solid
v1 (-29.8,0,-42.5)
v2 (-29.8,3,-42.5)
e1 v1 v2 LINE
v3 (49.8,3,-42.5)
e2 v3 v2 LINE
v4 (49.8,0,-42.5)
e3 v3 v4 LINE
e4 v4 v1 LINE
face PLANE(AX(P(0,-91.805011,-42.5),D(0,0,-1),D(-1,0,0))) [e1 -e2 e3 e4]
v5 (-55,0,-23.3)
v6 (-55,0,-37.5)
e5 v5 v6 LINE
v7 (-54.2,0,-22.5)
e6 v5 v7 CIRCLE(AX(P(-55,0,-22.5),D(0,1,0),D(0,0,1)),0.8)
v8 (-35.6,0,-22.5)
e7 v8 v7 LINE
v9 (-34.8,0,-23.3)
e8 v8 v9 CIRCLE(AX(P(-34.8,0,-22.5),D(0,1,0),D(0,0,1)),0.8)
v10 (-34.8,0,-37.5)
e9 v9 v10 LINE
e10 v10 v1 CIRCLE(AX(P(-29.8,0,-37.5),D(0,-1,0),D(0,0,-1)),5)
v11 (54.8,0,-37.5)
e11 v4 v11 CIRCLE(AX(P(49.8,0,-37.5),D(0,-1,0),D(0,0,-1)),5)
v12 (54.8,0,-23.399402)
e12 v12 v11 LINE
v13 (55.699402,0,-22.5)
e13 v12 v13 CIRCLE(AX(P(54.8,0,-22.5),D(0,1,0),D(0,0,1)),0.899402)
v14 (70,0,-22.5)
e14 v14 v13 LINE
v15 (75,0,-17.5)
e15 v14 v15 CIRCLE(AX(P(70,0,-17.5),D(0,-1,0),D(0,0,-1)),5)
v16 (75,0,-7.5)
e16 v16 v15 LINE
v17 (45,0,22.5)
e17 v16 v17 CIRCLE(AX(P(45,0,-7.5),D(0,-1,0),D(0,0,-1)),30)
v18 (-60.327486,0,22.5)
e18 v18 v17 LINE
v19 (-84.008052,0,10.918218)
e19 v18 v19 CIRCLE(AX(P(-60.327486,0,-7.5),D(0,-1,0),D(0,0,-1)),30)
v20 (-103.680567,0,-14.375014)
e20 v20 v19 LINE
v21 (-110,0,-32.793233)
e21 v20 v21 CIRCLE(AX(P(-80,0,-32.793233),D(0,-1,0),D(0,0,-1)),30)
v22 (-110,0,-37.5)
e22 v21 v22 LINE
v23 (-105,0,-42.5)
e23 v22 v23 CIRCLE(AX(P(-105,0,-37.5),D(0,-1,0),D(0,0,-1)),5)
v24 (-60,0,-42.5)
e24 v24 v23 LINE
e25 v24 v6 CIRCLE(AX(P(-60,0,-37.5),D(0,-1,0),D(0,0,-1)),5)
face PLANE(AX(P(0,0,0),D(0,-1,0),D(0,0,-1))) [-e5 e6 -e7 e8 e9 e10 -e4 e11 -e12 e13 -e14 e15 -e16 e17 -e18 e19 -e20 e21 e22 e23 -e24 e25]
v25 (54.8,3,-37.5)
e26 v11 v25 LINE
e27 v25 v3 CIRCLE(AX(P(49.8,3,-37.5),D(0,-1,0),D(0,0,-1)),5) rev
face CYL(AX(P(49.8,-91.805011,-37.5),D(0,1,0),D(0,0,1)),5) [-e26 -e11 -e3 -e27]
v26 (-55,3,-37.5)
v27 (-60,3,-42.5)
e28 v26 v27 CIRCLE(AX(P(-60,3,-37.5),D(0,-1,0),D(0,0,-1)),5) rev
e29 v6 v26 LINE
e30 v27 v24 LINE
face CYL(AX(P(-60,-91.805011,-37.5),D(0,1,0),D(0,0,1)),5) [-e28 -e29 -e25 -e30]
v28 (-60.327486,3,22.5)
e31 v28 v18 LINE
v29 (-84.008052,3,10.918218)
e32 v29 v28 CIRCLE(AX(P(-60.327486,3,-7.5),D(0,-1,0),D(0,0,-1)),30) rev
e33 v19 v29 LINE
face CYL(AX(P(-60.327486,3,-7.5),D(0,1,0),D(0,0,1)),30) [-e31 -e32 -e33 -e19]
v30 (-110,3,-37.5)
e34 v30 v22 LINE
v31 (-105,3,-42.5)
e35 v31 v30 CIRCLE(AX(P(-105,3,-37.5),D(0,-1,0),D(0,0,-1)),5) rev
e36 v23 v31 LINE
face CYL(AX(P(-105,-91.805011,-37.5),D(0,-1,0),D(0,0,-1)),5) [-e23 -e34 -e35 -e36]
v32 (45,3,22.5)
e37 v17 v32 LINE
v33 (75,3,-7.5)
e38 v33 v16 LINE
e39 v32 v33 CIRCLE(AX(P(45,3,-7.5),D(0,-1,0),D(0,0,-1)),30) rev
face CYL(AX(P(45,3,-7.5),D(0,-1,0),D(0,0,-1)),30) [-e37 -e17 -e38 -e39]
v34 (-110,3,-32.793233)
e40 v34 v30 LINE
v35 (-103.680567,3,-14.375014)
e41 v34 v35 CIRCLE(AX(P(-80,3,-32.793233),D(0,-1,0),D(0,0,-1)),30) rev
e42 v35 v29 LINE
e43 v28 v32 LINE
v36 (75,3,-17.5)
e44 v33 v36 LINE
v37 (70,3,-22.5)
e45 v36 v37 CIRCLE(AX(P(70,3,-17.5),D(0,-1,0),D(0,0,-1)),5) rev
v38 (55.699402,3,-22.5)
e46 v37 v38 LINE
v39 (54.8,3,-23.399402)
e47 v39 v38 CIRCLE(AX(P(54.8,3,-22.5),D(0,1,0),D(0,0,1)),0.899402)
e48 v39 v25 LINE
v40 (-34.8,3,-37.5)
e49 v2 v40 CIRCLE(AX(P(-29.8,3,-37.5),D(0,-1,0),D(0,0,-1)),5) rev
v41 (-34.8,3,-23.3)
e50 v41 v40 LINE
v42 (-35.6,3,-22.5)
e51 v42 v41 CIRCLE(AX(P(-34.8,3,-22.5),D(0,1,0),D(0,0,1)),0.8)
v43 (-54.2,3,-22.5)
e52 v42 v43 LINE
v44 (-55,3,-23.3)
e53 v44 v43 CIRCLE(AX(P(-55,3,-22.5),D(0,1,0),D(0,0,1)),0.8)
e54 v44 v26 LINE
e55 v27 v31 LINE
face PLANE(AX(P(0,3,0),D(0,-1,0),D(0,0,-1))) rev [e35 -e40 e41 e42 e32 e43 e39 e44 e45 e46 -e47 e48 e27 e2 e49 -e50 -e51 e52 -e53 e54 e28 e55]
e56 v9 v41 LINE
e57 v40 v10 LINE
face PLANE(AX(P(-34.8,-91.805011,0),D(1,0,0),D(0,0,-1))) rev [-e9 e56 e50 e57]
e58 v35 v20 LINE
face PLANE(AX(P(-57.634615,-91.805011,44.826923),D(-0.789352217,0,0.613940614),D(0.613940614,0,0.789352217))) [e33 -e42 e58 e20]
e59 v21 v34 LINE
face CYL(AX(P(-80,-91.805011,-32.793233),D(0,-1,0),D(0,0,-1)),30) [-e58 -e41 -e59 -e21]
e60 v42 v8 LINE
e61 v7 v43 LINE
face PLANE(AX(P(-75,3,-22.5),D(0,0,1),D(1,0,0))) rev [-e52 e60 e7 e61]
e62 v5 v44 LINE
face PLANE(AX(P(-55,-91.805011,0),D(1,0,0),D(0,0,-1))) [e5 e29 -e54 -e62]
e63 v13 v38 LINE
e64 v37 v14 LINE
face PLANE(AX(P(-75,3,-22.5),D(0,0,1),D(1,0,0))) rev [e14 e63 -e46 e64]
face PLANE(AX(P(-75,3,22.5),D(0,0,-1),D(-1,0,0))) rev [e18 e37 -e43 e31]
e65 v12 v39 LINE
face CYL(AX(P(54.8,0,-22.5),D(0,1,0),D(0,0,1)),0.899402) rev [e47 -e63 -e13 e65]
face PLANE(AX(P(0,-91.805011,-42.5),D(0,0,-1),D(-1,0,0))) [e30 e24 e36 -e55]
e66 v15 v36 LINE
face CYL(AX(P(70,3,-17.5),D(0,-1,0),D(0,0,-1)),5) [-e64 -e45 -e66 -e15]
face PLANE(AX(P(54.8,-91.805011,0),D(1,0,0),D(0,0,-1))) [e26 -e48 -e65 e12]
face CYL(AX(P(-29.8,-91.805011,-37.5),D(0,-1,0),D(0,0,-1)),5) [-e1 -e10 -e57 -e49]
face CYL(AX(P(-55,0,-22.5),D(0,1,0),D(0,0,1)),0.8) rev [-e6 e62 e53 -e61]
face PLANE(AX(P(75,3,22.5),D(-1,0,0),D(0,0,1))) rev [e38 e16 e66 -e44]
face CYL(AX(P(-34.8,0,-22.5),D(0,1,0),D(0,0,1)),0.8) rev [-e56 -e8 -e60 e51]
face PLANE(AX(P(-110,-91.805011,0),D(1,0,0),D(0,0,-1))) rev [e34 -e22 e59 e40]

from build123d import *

# Parameters (mm, degrees)
SKETCH1_W           = 150
SKETCH1_H           = 45
BOSS_EXTRUDE1_DEPTH = 3
FILLET1_R           = 30
SKETCH2_W           = 89.6
SKETCH2_H           = 20
BOSS_EXTRUDE2_DEPTH = 3
FILLET2_R           = 30
SKETCH3_R           = 0.8
SKETCH3_R_2         = 0.899402105
CUT_EXTRUDE1_DEPTH  = 118.962917902
FILLET3_R           = 5


with BuildPart() as part:
    # Sketch1 → Boss-Extrude1 (new body)
    with BuildSketch(Plane(origin=(0, 0, 0), x_dir=(1, 0, 0), z_dir=(0, 1, 0))):
        Rectangle(SKETCH1_W, SKETCH1_H)
    extrude(amount=BOSS_EXTRUDE1_DEPTH)

    # Fillet1
    fillet1_edges = [part.edges().sort_by_distance(p)[0] for p in [
        (75, 1.5, 22.5),
    ]]
    fillet(fillet1_edges, radius=FILLET1_R)

    # Sketch2 → Boss-Extrude2 (add)
    with BuildSketch(Plane(origin=(0, 3, 0), x_dir=(1, 0, 0), z_dir=(0, 1, 0))):
        Polygon((-75, 22.5), (-55, 22.5), (-55, 42.5), (-110, 42.5), (-110, 22.5), align=None)
        Polygon((-75, -22.5), (-75, 22.5), (-110, 22.5), align=None)
        with Locations((10, 32.5)):
            Rectangle(SKETCH2_W, SKETCH2_H)
    extrude(amount=-BOSS_EXTRUDE2_DEPTH)

    # Fillet2
    fillet2_edges = [part.edges().sort_by_distance(p)[0] for p in [
        (-110, 1.5, -22.5),
        (-75, 1.5, 22.5),
    ]]
    fillet(fillet2_edges, radius=FILLET2_R)

    # Sketch3 → Cut-Extrude1 (cut, through all)
    with BuildSketch(Plane(origin=(0, 3, 0), x_dir=(1, 0, 0), z_dir=(0, 1, 0))):
        with Locations((-55, 22.5)):
            Circle(SKETCH3_R)
        with Locations((-34.8, 22.5)):
            Circle(SKETCH3_R)
        with Locations((54.8, 22.5)):
            Circle(SKETCH3_R_2)
    extrude(amount=-CUT_EXTRUDE1_DEPTH, mode=Mode.SUBTRACT)

    # Fillet3
    fillet3_edges = [part.edges().sort_by_distance(p)[0] for p in [
        (-55, 1.5, -42.5),
        (-110, 1.5, -42.5),
        (-34.8, 1.5, -42.5),
        (54.8, 1.5, -42.5),
        (75, 1.5, -22.5),
    ]]
    fillet(fillet3_edges, radius=FILLET3_R)


solid = part.part
